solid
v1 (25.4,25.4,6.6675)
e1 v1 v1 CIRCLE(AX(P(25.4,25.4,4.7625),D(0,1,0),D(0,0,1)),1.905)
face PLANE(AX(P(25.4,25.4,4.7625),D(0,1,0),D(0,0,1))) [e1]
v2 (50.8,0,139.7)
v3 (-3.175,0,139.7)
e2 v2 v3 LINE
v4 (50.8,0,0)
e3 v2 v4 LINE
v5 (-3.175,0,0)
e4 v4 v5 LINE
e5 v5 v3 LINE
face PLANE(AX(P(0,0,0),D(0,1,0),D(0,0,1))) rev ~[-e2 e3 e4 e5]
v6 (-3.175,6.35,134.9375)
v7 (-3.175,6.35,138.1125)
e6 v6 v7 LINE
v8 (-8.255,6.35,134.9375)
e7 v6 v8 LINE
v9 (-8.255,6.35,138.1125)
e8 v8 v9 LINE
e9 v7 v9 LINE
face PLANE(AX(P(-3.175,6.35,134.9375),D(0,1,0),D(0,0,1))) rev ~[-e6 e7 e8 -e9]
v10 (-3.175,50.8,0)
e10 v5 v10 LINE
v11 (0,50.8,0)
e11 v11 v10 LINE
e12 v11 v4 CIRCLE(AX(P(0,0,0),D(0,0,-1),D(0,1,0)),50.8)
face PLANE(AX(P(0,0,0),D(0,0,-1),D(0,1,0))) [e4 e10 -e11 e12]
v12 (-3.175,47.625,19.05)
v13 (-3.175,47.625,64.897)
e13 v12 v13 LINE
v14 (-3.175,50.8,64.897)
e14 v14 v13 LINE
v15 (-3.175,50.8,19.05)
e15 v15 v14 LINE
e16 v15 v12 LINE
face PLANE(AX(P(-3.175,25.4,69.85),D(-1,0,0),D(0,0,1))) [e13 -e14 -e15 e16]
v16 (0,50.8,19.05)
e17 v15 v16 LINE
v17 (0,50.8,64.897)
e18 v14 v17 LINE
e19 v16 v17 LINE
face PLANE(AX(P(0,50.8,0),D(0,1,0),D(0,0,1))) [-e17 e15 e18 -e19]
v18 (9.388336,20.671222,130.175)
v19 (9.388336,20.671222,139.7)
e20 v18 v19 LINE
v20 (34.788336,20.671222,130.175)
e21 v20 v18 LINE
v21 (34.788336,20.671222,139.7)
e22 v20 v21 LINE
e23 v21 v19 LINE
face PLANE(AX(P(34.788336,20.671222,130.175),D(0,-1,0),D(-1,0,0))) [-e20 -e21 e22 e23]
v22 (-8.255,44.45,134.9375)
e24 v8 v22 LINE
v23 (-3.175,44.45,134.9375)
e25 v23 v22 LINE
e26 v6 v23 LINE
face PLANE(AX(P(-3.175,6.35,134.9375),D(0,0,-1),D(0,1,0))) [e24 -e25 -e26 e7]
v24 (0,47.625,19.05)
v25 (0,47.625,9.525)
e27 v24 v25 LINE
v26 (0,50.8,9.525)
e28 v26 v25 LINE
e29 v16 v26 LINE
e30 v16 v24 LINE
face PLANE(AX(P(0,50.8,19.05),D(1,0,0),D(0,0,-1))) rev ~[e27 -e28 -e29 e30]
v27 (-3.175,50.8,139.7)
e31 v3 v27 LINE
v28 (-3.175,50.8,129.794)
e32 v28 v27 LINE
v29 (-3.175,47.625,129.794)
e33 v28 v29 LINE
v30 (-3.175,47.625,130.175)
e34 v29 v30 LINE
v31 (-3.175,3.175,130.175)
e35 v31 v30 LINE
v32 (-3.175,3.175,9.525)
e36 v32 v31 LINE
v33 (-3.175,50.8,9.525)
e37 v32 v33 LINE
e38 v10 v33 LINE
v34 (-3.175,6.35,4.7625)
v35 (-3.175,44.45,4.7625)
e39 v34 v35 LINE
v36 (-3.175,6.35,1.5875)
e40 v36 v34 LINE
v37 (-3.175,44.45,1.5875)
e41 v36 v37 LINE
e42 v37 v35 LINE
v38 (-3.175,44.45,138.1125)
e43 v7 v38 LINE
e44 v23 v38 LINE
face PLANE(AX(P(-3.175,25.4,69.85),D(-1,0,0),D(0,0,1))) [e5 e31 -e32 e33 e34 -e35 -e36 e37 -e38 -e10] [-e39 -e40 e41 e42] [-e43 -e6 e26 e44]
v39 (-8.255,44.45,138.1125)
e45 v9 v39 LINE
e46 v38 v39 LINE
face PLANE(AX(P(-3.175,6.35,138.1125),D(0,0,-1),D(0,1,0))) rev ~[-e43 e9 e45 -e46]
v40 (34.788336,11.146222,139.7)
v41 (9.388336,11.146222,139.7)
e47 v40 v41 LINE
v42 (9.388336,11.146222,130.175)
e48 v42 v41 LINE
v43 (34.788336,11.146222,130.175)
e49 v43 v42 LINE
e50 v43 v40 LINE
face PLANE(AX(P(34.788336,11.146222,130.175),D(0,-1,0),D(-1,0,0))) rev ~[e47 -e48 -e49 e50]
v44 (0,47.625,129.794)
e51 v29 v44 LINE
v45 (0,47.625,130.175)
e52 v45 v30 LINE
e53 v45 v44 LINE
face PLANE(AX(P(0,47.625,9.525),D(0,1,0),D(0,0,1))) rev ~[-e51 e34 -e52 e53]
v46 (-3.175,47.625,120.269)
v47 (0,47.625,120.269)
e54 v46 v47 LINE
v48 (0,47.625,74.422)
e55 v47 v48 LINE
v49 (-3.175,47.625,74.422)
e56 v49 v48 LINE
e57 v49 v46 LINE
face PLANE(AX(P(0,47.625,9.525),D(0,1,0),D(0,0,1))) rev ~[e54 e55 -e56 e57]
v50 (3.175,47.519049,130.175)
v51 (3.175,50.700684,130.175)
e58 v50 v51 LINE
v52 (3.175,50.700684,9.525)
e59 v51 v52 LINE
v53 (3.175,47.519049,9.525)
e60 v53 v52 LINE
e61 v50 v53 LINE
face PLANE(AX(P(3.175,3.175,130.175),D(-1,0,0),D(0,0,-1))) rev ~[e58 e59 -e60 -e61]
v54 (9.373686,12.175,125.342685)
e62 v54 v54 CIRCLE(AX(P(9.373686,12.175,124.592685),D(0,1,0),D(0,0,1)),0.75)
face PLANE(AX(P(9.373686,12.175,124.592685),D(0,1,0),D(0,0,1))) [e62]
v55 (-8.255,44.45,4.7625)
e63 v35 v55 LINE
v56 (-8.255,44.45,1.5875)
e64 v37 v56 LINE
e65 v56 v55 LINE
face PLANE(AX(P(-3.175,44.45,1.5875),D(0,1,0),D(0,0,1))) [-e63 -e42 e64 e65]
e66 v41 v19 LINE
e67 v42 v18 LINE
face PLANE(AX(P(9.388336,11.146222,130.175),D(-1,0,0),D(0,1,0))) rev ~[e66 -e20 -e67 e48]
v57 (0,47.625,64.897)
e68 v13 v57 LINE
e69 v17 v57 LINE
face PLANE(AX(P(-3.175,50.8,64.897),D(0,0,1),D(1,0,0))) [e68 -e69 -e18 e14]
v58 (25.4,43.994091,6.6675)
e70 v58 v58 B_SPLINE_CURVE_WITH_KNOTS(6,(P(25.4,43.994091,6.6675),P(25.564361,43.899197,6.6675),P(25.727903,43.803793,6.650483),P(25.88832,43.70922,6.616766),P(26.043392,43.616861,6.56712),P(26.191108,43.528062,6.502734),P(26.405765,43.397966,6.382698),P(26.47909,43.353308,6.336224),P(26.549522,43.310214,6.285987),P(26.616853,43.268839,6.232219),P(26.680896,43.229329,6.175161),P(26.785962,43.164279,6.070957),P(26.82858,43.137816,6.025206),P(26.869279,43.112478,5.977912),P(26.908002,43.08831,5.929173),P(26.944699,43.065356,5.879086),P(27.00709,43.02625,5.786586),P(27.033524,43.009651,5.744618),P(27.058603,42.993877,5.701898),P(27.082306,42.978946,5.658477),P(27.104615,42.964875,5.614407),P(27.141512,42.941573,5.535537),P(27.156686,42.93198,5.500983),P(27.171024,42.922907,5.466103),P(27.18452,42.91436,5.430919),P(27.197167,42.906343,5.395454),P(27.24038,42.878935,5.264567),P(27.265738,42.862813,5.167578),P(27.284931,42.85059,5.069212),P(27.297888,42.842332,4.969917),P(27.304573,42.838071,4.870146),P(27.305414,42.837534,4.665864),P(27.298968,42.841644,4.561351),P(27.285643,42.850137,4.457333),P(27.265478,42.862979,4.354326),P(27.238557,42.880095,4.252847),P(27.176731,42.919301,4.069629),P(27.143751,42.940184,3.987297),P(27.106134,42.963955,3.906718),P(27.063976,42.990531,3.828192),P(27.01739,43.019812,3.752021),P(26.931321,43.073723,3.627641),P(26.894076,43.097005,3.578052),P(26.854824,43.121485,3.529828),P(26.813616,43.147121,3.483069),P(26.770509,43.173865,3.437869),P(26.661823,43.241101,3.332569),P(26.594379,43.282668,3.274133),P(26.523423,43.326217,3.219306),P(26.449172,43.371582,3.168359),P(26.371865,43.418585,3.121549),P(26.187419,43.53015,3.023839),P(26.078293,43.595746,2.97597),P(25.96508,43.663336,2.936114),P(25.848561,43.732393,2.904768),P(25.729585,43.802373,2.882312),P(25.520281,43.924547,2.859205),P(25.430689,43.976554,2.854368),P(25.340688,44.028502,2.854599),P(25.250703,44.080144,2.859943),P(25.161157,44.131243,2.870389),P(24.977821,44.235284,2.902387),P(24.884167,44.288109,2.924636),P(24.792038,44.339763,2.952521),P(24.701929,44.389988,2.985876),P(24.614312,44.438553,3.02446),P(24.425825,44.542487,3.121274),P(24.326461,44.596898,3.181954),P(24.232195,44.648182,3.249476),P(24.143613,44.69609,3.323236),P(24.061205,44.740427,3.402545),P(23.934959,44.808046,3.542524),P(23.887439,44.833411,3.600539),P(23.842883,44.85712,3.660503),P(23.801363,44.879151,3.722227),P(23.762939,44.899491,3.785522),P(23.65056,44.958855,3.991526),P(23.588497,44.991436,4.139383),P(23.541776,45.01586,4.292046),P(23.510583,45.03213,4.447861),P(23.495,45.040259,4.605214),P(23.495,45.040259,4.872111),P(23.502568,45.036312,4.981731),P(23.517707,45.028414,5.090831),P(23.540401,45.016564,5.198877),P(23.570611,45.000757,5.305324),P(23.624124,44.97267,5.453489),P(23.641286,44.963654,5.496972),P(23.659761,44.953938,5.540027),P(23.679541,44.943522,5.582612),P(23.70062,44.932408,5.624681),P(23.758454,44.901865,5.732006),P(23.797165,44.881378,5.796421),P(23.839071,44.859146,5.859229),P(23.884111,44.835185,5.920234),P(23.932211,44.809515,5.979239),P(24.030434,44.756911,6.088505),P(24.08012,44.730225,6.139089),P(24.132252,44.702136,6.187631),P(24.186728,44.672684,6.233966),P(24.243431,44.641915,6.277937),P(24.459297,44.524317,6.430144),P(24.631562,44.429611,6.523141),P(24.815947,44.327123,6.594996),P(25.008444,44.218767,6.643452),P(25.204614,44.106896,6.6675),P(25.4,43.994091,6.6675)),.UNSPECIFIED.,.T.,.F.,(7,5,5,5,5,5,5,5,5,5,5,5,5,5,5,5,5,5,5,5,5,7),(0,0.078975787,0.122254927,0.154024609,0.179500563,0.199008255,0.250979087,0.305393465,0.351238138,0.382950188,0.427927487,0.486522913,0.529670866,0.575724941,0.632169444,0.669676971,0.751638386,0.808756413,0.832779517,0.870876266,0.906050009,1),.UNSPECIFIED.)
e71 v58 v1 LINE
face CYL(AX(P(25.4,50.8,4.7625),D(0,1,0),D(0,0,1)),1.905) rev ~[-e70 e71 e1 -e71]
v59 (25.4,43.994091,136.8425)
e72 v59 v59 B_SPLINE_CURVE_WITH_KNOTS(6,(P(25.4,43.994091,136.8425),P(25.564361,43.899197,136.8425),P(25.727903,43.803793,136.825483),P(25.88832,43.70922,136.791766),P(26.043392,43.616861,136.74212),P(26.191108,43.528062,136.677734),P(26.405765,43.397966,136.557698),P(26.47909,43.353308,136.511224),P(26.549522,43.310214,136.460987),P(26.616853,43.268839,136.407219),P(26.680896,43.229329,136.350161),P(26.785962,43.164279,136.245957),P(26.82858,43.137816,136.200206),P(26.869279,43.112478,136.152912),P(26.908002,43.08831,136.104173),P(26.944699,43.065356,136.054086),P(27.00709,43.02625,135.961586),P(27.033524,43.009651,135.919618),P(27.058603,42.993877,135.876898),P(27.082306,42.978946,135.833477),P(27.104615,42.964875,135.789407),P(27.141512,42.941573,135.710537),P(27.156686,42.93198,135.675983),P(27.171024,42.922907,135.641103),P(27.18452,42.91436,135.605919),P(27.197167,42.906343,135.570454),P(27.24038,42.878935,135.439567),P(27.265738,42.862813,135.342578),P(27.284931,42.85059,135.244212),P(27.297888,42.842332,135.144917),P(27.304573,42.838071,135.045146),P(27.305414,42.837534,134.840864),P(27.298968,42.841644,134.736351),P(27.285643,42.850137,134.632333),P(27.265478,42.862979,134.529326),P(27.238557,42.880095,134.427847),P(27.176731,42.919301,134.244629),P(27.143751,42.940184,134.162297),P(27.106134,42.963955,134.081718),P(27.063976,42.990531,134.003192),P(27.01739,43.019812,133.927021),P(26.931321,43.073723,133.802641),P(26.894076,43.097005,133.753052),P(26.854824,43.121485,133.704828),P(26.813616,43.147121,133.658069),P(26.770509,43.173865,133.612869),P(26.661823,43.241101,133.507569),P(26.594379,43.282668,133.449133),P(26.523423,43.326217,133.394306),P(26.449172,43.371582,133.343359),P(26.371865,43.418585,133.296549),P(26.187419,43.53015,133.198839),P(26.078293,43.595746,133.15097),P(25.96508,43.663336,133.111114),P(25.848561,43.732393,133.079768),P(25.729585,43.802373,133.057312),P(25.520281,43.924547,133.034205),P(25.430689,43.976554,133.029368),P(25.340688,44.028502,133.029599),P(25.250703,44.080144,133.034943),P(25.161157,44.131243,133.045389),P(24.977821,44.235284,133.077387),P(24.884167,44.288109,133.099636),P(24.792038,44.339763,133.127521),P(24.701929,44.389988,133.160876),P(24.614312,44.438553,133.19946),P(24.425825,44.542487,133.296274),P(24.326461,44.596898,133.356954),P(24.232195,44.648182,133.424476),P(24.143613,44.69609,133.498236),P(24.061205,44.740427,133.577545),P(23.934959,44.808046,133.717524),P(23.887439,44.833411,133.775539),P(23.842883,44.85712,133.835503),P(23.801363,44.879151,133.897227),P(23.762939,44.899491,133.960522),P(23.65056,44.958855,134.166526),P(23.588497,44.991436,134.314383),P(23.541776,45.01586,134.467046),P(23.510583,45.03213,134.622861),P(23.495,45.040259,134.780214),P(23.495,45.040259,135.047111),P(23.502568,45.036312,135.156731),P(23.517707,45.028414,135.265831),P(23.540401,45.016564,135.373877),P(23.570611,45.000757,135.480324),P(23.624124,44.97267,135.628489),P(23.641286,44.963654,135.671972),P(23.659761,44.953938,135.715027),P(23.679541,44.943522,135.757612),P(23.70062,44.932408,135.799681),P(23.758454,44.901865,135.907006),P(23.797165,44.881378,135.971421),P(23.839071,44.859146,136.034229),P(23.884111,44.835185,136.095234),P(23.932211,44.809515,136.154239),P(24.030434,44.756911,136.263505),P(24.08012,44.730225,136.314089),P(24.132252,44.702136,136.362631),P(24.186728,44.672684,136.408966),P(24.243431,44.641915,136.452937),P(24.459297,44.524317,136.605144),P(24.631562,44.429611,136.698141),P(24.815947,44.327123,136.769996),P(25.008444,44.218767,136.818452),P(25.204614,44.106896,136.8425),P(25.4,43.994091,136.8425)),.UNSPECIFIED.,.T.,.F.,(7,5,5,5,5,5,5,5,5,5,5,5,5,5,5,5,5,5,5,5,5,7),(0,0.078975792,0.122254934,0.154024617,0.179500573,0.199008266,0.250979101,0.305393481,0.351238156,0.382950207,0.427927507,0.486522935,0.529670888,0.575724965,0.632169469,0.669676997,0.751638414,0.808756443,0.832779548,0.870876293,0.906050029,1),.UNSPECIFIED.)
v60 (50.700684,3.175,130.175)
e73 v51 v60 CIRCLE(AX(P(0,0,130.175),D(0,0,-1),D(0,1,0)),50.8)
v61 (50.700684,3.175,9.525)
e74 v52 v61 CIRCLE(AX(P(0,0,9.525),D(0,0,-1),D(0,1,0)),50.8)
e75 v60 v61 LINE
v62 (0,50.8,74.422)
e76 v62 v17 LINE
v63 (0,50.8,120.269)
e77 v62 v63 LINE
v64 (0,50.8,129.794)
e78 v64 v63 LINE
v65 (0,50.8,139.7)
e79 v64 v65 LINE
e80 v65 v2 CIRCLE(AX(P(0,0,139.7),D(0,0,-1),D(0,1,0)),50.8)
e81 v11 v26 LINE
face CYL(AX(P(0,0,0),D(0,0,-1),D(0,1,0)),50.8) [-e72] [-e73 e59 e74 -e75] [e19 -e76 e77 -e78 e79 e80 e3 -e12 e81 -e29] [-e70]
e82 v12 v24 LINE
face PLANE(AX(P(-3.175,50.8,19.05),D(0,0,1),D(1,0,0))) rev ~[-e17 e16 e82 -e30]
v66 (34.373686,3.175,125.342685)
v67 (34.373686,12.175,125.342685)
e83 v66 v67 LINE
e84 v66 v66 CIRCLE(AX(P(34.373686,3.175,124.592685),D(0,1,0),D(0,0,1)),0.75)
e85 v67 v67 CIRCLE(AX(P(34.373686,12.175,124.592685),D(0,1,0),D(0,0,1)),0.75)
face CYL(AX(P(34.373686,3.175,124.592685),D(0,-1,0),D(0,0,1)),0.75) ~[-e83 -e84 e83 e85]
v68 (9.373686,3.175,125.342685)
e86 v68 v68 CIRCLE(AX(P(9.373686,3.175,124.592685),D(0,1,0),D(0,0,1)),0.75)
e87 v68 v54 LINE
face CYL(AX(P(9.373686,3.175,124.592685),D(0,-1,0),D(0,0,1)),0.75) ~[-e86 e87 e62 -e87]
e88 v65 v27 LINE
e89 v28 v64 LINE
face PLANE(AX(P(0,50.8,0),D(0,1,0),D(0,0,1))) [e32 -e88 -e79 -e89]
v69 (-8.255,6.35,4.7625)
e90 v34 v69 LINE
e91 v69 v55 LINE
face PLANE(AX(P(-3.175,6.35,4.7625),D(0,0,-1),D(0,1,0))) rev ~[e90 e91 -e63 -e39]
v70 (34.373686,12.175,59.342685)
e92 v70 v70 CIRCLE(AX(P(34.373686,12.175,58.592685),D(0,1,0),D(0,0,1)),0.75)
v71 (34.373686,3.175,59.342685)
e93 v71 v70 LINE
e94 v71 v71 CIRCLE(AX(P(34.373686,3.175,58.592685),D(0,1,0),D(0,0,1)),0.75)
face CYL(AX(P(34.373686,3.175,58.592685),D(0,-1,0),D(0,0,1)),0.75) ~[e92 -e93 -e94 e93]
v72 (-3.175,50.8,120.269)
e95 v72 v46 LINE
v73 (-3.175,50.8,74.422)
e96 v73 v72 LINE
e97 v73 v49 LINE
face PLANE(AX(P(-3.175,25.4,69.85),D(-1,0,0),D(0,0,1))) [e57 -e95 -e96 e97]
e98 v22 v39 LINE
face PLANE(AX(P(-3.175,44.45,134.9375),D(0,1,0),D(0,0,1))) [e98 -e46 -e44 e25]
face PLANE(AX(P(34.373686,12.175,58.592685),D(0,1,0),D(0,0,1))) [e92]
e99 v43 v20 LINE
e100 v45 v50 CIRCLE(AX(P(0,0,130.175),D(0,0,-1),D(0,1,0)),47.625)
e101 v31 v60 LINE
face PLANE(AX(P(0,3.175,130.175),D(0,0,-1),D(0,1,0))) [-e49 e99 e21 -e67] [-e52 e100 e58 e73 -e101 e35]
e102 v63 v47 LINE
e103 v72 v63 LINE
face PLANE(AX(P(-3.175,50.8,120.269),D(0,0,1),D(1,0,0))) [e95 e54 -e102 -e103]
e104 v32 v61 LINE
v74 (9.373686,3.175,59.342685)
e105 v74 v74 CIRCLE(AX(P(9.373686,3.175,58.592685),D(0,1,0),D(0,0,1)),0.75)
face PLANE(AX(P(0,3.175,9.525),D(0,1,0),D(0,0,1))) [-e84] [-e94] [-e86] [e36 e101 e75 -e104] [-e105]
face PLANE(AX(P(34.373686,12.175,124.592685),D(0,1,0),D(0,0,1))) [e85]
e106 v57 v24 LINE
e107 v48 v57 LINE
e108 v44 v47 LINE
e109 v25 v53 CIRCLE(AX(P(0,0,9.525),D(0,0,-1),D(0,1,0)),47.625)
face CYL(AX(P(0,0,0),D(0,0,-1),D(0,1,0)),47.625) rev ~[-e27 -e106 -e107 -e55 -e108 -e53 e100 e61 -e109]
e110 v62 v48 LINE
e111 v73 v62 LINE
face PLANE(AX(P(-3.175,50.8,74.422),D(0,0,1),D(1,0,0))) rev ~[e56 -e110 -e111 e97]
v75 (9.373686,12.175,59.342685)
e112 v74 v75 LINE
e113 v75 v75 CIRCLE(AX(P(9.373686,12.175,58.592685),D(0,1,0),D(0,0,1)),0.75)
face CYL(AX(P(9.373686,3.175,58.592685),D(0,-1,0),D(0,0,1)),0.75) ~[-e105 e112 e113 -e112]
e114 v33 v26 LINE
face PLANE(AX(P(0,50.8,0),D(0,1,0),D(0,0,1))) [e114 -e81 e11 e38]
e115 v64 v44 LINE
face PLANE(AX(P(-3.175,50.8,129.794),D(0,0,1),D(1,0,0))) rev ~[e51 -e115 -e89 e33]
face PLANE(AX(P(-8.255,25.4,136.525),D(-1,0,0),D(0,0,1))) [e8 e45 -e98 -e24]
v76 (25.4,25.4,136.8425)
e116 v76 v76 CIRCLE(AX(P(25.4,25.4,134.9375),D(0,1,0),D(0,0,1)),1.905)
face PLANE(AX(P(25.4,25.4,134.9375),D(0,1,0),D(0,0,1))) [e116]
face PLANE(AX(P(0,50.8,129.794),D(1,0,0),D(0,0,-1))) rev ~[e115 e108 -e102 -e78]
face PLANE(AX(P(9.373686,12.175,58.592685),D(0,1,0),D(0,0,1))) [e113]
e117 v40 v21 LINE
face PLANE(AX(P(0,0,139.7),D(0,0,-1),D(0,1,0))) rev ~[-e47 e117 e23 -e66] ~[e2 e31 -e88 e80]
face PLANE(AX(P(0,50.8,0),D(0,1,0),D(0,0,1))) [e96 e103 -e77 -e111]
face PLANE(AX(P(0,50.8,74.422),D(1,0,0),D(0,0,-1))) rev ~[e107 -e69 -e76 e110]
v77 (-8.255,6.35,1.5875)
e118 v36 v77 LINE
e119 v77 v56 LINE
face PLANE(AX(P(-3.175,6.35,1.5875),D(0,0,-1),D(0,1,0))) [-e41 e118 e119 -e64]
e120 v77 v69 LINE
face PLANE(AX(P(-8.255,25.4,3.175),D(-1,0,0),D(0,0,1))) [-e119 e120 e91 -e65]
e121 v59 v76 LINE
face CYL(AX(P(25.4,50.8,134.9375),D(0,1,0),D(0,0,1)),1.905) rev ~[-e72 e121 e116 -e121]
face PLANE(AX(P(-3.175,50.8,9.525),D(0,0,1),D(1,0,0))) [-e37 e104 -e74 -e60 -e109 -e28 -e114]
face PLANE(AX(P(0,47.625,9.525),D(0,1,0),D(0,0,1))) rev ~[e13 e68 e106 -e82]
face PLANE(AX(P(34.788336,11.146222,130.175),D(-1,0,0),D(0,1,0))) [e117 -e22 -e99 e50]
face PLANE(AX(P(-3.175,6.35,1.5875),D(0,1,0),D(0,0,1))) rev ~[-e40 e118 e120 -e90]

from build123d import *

# Parameters (mm, degrees)
BOSS_EXTRUDE1_DEPTH = 139.7
SHELL1_T            = -3.175
BOSS_EXTRUDE2_START = -9.525
BOSS_EXTRUDE2_DEPTH = 9.525
BOSS_EXTRUDE3_DEPTH = 9.525
SKETCH5_W           = 139.7
SKETCH5_H           = 50.8
SKETCH5_W_2         = 120.65
SKETCH5_H_2         = 44.45
BOSS_EXTRUDE4_DEPTH = 3.175
SKETCH6_W           = 3.175
SKETCH6_H           = 38.1
BOSS_EXTRUDE5_DEPTH = 5.08
CUT_EXTRUDE1_REACH  = 159.09
SKETCH7_W           = 3.175
SKETCH7_H           = 9.525
SKETCH9_W           = 47.625
SKETCH9_H           = 120.65
CUT_EXTRUDE2_DEPTH  = 157.092506627
SKETCH8_R           = 0.75
BOSS_EXTRUDE6_DEPTH = 9
SKETCH10_W          = 25.4
SKETCH10_H          = 9.525
CUT_EXTRUDE3_DEPTH  = 149.683592319
SKETCH11_R          = 1.905
CUT_EXTRUDE4_DEPTH  = 25.4


with BuildPart() as part:
    # Sketch1 → Boss-Extrude1 (new body)
    with BuildSketch(Plane.XY):
        with BuildLine():
            Line((0, 0), (0, 50.8))
            ThreePointArc((0, 50.8), (35.921024484, 35.921024484), (50.8, 0))
            Line((50.8, 0), (0, 0))
        make_face()
    extrude(amount=BOSS_EXTRUDE1_DEPTH)

    # Shell1
    shell1_openings = [part.faces().sort_by_distance(p)[0] for p in [
        (0, 25.4, 69.85),
    ]]
    offset(amount=SHELL1_T, openings=shell1_openings, kind=Kind.INTERSECTION)

    # Sketch3 → Boss-Extrude2 (add)
    with BuildSketch(Plane.XY.offset(139.7).offset(BOSS_EXTRUDE2_START)):
        with BuildLine():
            Line((0, 50.8), (0, 0))
            Line((0, 0), (50.8, 0))
            ThreePointArc((50.8, 0), (35.921024484, 35.921024484), (0, 50.8))
        make_face()
    extrude(amount=BOSS_EXTRUDE2_DEPTH)

    # Sketch4 → Boss-Extrude3 (add)
    with BuildSketch(Plane(origin=(0, 0, 0), x_dir=(-1, 0, 0), z_dir=(0, 0, -1))):
        with BuildLine():
            Line((-50.8, 0), (0, 0))
            Line((0, 0), (0, 50.8))
            ThreePointArc((0, 50.8), (-35.921024484, 35.921024484), (-50.8, 0))
        make_face()
    extrude(amount=-BOSS_EXTRUDE3_DEPTH)

    # Sketch5 → Boss-Extrude4 (add)
    with BuildSketch(Plane.ZY):
        with Locations((69.85, 25.4)):
            Rectangle(SKETCH5_W, SKETCH5_H)
        with Locations((69.85, 25.4)):
            Rectangle(SKETCH5_W_2, SKETCH5_H_2, mode=Mode.SUBTRACT)
    extrude(amount=BOSS_EXTRUDE4_DEPTH)

    # Sketch6 → Boss-Extrude5 (add)
    with BuildSketch(Plane.ZY.offset(3.175)):
        with Locations((3.175, 25.4)):
            Rectangle(SKETCH6_W, SKETCH6_H)
        with Locations((136.525, 25.4)):
            Rectangle(SKETCH6_W, SKETCH6_H)
    extrude(amount=BOSS_EXTRUDE5_DEPTH)

    # Cut-Extrude1: up to this face of the body (flat: up to its plane)
    cut_extrude1_end = Plane(part.part.faces().sort_by_distance((-1.5875, 47.625, 69.85))[0])
    # Sketch7 → Cut-Extrude1 (cut, up to the picked face)
    with BuildSketch(Plane(origin=(0, 50.8, 0), x_dir=(1, 0, 0), z_dir=(0, 1, 0)), mode=Mode.PRIVATE) as cut_extrude1_sk1:
        with Locations((-1.5875, -14.2875)):
            Rectangle(SKETCH7_W, SKETCH7_H)
    cut_extrude1_tool1 = split(extrude(cut_extrude1_sk1.sketch, amount=-CUT_EXTRUDE1_REACH, mode=Mode.PRIVATE), bisect_by=cut_extrude1_end, keep=Keep.BOTH, mode=Mode.PRIVATE)
    # Sketch7 → Cut-Extrude1 (cut, up to the picked face)
    with BuildSketch(Plane(origin=(0, 50.8, 0), x_dir=(1, 0, 0), z_dir=(0, 1, 0)), mode=Mode.PRIVATE) as cut_extrude1_sk2:
        with Locations((-1.5875, -69.6595)):
            Rectangle(SKETCH7_W, SKETCH7_H)
    cut_extrude1_tool2 = split(extrude(cut_extrude1_sk2.sketch, amount=-CUT_EXTRUDE1_REACH, mode=Mode.PRIVATE), bisect_by=cut_extrude1_end, keep=Keep.BOTH, mode=Mode.PRIVATE)
    # Sketch7 → Cut-Extrude1 (cut, up to the picked face)
    with BuildSketch(Plane(origin=(0, 50.8, 0), x_dir=(1, 0, 0), z_dir=(0, 1, 0)), mode=Mode.PRIVATE) as cut_extrude1_sk3:
        with Locations((-1.5875, -125.0315)):
            Rectangle(SKETCH7_W, SKETCH7_H)
    cut_extrude1_tool3 = split(extrude(cut_extrude1_sk3.sketch, amount=-CUT_EXTRUDE1_REACH, mode=Mode.PRIVATE), bisect_by=cut_extrude1_end, keep=Keep.BOTH, mode=Mode.PRIVATE)
    add(cut_extrude1_tool1.solids().sort_by(Axis((-1.5875, 50.8, 14.2875), (0, -1, 0)))[0], mode=Mode.SUBTRACT)
    add(cut_extrude1_tool2.solids().sort_by(Axis((-1.5875, 50.8, 69.6595), (0, -1, 0)))[0], mode=Mode.SUBTRACT)
    add(cut_extrude1_tool3.solids().sort_by(Axis((-1.5875, 50.8, 125.0315), (0, -1, 0)))[0], mode=Mode.SUBTRACT)

    # Sketch9 → Cut-Extrude2 (cut, through all)
    with BuildSketch(Plane(origin=(0, 3.175, 0), x_dir=(1, 0, 0), z_dir=(0, 1, 0))):
        with Locations((26.9875, -69.85)):
            Rectangle(SKETCH9_W, SKETCH9_H)
    extrude(amount=CUT_EXTRUDE2_DEPTH, mode=Mode.SUBTRACT)

    # Sketch8 → Boss-Extrude6 (add)
    with BuildSketch(Plane(origin=(0, 3.175, 0), x_dir=(1, 0, 0), z_dir=(0, 1, 0))):
        with Locations(Location((34.373685984, -124.592684636, 0), (0, 0, 270))):
            Circle(SKETCH8_R)
        with Locations(Location((34.373685984, -58.592684636, 0), (0, 0, 270))):
            Circle(SKETCH8_R)
        with Locations(Location((9.373685984, -58.592684636, 0), (0, 0, 270))):
            Circle(SKETCH8_R)
        with Locations(Location((9.373685984, -124.592684636, 0), (0, 0, 270))):
            Circle(SKETCH8_R)
    extrude(amount=BOSS_EXTRUDE6_DEPTH)

    # Sketch10 → Cut-Extrude3 (cut, through all)
    with BuildSketch(Plane(origin=(0, 0, 130.175), x_dir=(-1, 0, 0), z_dir=(0, 0, -1))):
        with Locations((-22.088336315, 15.908721759)):
            Rectangle(SKETCH10_W, SKETCH10_H)
    extrude(amount=-CUT_EXTRUDE3_DEPTH, mode=Mode.SUBTRACT)

    # Sketch11 → Cut-Extrude4 (cut)
    with BuildSketch(Plane(origin=(0, 50.8, 0), x_dir=(1, 0, 0), z_dir=(0, 1, 0))):
        with Locations(Location((25.4, -4.7625, 0), (0, 0, 270))):
            Circle(SKETCH11_R)
        with Locations(Location((25.4, -134.9375, 0), (0, 0, 270))):
            Circle(SKETCH11_R)
    extrude(amount=-CUT_EXTRUDE4_DEPTH, mode=Mode.SUBTRACT)


solid = part.part
